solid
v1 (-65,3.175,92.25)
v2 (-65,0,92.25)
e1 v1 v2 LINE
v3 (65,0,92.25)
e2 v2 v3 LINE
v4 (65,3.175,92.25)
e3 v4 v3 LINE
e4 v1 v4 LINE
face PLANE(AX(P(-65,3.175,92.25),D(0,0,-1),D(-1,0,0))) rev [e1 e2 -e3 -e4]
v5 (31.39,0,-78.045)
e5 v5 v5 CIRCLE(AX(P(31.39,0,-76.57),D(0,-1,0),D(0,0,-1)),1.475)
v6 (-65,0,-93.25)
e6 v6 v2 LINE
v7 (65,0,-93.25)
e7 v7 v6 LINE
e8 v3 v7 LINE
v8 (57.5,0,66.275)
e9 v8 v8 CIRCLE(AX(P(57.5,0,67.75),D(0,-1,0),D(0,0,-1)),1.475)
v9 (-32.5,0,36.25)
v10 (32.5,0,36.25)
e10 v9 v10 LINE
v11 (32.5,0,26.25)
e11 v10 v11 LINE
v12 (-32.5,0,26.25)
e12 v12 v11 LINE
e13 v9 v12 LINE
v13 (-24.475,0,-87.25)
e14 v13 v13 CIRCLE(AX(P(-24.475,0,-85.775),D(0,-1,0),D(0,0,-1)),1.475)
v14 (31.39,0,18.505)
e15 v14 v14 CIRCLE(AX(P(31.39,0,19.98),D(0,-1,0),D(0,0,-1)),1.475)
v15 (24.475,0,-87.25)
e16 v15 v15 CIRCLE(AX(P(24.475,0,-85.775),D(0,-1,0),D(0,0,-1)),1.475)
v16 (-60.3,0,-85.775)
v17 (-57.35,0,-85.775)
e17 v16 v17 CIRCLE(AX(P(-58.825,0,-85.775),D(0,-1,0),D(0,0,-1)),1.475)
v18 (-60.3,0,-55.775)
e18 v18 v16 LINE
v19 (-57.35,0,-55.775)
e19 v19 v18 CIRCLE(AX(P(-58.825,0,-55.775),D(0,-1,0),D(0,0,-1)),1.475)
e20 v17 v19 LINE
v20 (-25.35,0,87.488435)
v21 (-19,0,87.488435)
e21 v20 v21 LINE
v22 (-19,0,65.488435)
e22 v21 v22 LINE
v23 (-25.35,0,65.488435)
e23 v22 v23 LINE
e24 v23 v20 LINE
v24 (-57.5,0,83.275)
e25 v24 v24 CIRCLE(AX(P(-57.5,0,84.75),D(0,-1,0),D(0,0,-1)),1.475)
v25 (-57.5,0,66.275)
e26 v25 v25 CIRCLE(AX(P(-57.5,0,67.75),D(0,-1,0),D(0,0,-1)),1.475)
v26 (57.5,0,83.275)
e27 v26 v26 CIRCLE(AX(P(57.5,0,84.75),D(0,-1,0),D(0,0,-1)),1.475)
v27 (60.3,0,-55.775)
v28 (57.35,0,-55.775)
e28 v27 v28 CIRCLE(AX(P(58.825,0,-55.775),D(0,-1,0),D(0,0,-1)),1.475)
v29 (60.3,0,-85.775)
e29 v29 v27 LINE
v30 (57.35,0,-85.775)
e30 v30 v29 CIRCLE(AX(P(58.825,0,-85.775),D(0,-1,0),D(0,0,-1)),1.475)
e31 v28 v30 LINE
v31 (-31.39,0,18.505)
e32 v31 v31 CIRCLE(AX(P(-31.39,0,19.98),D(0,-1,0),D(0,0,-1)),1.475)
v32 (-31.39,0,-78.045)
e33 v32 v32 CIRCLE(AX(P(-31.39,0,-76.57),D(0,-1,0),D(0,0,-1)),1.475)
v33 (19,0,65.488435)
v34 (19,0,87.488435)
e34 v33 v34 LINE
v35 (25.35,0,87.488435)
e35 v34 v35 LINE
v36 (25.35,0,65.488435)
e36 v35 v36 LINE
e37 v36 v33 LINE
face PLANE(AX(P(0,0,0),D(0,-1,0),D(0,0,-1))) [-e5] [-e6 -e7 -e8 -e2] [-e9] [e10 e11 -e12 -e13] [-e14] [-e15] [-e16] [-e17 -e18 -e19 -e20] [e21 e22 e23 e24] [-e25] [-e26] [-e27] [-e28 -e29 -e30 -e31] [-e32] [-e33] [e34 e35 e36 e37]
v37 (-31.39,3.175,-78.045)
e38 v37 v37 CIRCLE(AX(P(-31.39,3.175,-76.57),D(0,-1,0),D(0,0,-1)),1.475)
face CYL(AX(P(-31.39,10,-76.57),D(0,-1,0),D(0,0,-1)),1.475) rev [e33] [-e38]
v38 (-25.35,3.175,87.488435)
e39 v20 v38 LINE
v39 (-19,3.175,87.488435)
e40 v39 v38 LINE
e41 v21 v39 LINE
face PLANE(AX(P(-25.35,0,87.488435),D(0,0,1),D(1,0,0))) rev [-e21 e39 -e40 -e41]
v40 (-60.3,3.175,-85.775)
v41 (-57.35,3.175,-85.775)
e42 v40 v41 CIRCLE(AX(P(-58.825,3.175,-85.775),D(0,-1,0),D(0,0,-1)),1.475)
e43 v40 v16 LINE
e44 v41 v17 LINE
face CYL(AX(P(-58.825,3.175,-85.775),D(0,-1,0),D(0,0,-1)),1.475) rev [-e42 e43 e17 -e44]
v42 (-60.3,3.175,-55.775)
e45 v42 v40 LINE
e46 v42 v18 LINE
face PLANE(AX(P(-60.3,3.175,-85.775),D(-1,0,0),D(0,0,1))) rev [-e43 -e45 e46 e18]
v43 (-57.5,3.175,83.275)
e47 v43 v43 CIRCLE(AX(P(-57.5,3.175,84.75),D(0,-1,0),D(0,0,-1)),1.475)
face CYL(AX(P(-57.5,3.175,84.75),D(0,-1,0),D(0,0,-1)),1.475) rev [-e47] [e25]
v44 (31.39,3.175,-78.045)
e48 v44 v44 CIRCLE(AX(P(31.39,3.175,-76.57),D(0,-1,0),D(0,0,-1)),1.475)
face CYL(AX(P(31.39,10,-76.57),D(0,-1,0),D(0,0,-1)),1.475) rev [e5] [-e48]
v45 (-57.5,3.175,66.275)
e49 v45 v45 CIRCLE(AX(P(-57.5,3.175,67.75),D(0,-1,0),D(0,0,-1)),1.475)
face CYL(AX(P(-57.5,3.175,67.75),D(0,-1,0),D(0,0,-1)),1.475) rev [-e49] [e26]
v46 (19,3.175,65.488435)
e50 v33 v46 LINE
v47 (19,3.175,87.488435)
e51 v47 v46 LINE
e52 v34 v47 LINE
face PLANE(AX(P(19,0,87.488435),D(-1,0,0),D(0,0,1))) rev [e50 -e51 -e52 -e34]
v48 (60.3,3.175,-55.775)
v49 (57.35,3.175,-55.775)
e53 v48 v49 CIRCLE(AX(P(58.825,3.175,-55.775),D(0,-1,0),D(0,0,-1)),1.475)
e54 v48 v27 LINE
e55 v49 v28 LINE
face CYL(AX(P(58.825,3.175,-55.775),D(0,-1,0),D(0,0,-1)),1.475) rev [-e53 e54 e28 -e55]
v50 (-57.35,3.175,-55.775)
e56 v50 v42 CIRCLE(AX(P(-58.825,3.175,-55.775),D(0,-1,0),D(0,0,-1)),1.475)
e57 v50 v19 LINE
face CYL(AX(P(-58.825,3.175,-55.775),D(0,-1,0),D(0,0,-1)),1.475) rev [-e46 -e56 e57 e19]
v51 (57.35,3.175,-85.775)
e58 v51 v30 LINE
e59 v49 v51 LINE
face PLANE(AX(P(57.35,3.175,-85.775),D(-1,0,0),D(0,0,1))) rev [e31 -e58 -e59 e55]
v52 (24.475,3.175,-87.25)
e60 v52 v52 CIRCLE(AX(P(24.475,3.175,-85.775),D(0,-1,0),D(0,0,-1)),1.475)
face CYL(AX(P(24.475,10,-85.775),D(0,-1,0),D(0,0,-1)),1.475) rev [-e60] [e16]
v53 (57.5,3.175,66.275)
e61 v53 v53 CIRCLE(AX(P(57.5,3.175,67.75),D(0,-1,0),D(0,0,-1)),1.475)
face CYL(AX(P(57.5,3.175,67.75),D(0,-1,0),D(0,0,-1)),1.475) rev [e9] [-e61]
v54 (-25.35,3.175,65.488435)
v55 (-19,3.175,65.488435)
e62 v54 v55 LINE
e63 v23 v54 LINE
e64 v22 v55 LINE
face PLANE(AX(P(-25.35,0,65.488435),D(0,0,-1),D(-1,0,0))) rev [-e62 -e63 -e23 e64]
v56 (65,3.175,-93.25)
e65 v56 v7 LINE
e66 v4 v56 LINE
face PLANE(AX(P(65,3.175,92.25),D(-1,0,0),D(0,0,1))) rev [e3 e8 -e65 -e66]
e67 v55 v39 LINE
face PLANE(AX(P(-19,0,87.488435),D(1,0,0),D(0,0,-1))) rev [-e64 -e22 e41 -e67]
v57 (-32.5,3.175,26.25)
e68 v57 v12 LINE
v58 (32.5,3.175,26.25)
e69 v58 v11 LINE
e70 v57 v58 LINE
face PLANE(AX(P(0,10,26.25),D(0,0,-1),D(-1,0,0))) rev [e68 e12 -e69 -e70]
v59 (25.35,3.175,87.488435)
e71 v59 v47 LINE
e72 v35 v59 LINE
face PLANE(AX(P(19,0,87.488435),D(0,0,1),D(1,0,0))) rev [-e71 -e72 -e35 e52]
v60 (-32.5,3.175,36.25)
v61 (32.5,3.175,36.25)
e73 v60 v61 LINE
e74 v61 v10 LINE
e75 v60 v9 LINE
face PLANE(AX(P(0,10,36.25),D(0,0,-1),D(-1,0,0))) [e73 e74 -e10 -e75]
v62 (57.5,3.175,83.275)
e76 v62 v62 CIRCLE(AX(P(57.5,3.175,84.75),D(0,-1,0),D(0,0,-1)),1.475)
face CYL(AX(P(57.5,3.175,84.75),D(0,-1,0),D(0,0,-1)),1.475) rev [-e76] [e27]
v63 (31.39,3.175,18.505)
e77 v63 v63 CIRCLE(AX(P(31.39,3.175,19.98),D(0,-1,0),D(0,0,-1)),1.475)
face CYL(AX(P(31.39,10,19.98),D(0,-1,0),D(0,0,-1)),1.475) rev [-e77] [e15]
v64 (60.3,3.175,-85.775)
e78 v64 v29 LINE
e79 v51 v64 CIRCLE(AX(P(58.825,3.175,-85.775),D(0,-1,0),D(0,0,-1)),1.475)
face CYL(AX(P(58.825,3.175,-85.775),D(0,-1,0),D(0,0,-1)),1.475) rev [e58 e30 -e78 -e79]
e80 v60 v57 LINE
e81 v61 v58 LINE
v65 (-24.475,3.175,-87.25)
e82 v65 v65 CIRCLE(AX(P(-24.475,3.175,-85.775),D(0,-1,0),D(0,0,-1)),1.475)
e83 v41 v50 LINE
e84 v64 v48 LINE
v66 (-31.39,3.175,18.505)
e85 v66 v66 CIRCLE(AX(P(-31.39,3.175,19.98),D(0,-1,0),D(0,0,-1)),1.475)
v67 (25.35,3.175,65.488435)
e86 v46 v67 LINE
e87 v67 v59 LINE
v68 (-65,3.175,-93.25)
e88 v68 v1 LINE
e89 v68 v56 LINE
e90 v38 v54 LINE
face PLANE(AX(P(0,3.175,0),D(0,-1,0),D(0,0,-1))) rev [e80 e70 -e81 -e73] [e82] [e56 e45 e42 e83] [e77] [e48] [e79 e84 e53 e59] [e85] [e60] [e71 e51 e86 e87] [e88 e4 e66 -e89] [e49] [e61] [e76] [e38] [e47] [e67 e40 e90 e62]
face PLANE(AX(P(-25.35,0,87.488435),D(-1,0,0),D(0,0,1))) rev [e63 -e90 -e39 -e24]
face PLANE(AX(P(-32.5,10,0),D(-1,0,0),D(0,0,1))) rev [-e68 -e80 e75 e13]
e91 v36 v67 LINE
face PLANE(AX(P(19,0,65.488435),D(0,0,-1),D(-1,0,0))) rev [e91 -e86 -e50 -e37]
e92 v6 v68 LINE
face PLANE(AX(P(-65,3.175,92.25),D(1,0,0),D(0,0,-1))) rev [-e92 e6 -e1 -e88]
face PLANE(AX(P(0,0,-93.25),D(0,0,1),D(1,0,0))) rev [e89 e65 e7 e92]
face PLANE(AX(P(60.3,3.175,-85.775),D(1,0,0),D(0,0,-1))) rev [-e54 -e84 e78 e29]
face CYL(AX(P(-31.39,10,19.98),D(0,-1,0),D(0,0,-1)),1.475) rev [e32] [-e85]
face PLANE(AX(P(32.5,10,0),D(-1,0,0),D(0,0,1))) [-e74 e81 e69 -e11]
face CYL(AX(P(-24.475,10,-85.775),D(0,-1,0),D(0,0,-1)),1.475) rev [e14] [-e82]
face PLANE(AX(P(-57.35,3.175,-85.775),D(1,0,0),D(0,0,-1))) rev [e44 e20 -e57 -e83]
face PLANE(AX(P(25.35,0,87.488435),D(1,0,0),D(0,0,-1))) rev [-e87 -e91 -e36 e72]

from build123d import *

# Parameters (mm, degrees)
SKETCH1_W               = 130
SKETCH1_H               = 184.5
BOSS_EXTRUDE1_DEPTH     = 3.175
SKETCH4_R               = 1.475
CUT_EXTRUDE3_DEPTH      = 113.894389254
SKETCH5_R               = 1.475
CUT_EXTRUDE4_DEPTH      = 10
SKETCH6_W               = 130
SKETCH6_H               = 3.175
BOSS_EXTRUDE2_DEPTH     = 1
CUT_EXTRUDE5_DEPTH      = 114.712985736
CUT_EXTRUDE5_DEPTH_BACK = 114.712985736
SKETCH7_W               = 6.35
SKETCH7_H               = 22
SKETCH8_W               = 65
SKETCH8_H               = 10
CUT_EXTRUDE6_DEPTH      = 10
SKETCH9_R               = 1.475
CUT_EXTRUDE7_DEPTH      = 75
SKETCH10_W              = 78.139021678
SKETCH10_H              = 97.798202291
BOSS_EXTRUDE3_DEPTH     = 3.175
SKETCH11_R              = 1.475
CUT_EXTRUDE8_DEPTH      = 10


with BuildPart() as part:
    # Sketch1 → Boss-Extrude1 (new body)
    with BuildSketch(Plane(origin=(0, 0, 0), x_dir=(1, 0, 0), z_dir=(0, 1, 0))):
        Rectangle(SKETCH1_W, SKETCH1_H)
    extrude(amount=BOSS_EXTRUDE1_DEPTH)

    # Sketch4 → Cut-Extrude3 (cut, through all)
    with BuildSketch(Plane(origin=(0, 0, 0), x_dir=(-1, 0, 0), z_dir=(0, -1, 0))):
        with Locations(Location((-57.5, -84.75, 0), (0, 0, 90))):
            Circle(SKETCH4_R)
        with Locations(Location((-57.5, -67.75, 0), (0, 0, 90))):
            Circle(SKETCH4_R)
        with Locations(Location((57.5, -84.75, 0), (0, 0, 90))):
            Circle(SKETCH4_R)
        with Locations(Location((57.5, -67.75, 0), (0, 0, 90))):
            Circle(SKETCH4_R)
        with BuildLine():
            Line((-57.35, 85.775), (-57.35, 55.775))
            ThreePointArc((-57.35, 55.775), (-58.825, 54.3), (-60.3, 55.775))
            Line((-60.3, 55.775), (-60.3, 85.775))
            ThreePointArc((-60.3, 85.775), (-58.825, 87.25), (-57.35, 85.775))
        make_face()
        with BuildLine():
            Line((60.3, 85.775), (60.3, 55.775))
            ThreePointArc((60.3, 55.775), (58.825, 54.3), (57.35, 55.775))
            Line((57.35, 55.775), (57.35, 85.775))
            ThreePointArc((57.35, 85.775), (58.825, 87.25), (60.3, 85.775))
        make_face()
    extrude(amount=-CUT_EXTRUDE3_DEPTH, mode=Mode.SUBTRACT)

    # Sketch5 → Cut-Extrude4 (cut)
    with BuildSketch(Plane.XZ):
        with Locations(Location((-24.475, -85.775, 0), (0, 0, 270))):
            Circle(SKETCH5_R)
        with Locations(Location((24.475, -85.775, 0), (0, 0, 270))):
            Circle(SKETCH5_R)
    extrude(amount=-CUT_EXTRUDE4_DEPTH, mode=Mode.SUBTRACT)

    # Sketch6 → Boss-Extrude2 (add)
    with BuildSketch(Plane(origin=(0, 0, -92.25), x_dir=(-1, 0, 0), z_dir=(0, 0, -1))):
        with Locations((0, 1.5875)):
            Rectangle(SKETCH6_W, SKETCH6_H)
    extrude(amount=BOSS_EXTRUDE2_DEPTH)

    # Sketch7 → Cut-Extrude5 (cut, two sides: drawn at the far end of the back side and taken through both)
    with BuildSketch(Plane(origin=(0, 3.175, 0), x_dir=(1, 0, 0), z_dir=(0, 1, 0)).offset(-CUT_EXTRUDE5_DEPTH_BACK)):
        with Locations((-22.175, -76.48843537)):
            Rectangle(SKETCH7_W, SKETCH7_H)
        with Locations((22.175, -76.48843537)):
            Rectangle(SKETCH7_W, SKETCH7_H)
    extrude(amount=CUT_EXTRUDE5_DEPTH + CUT_EXTRUDE5_DEPTH_BACK, mode=Mode.SUBTRACT)

    # Sketch8 → Cut-Extrude6 (cut)
    with BuildSketch(Plane.XZ):
        with Locations((0, 31.25)):
            Rectangle(SKETCH8_W, SKETCH8_H)
    extrude(amount=-CUT_EXTRUDE6_DEPTH, mode=Mode.SUBTRACT)

    # Sketch9 → Cut-Extrude7 (cut)
    with BuildSketch(Plane(origin=(0, 0, 0), x_dir=(-1, 0, 0), z_dir=(0, -1, 0))):
        with BuildLine():
            ThreePointArc((-28.525, -12.75), (-28.957017498, -11.707017498), (-30, -11.275))
            Line((-30, -11.275), (-30, -12.75))
            Line((-30, -12.75), (-28.525, -12.75))
        make_face()
        with BuildLine():
            Line((-30, -12.75), (-30, -11.275))
            ThreePointArc((-30, -11.275), (-31.042982502, -13.792982502), (-28.525, -12.75))
            Line((-28.525, -12.75), (-30, -12.75))
        make_face()
        with BuildLine():
            ThreePointArc((-30, 73.775), (-28.957017498, 74.207017498), (-28.525, 75.25))
            Line((-28.525, 75.25), (-30, 75.25))
            Line((-30, 75.25), (-30, 73.775))
        make_face()
        with BuildLine():
            Line((-30, 75.25), (-28.525, 75.25))
            ThreePointArc((-28.525, 75.25), (-31.042982502, 76.292982502), (-30, 73.775))
            Line((-30, 73.775), (-30, 75.25))
        make_face()
        with Locations(Location((30, -12.75, 0), (0, 0, 90))):
            Circle(SKETCH9_R)
        with Locations(Location((30, 75.25, 0), (0, 0, 90))):
            Circle(SKETCH9_R)
    extrude(amount=-CUT_EXTRUDE7_DEPTH, mode=Mode.SUBTRACT)

    # Sketch10 → Boss-Extrude3 (add)
    with BuildSketch(Plane(origin=(0, 0, 0), x_dir=(-1, 0, 0), z_dir=(0, -1, 0))):
        with Locations((-1.9908031, 30.735322083)):
            Rectangle(SKETCH10_W, SKETCH10_H)
    extrude(amount=-BOSS_EXTRUDE3_DEPTH)

    # Sketch11 → Cut-Extrude8 (cut)
    with BuildSketch(Plane(origin=(0, 0, 0), x_dir=(-1, 0, 0), z_dir=(0, -1, 0))):
        with Locations(Location((31.39, -19.98, 0), (0, 0, 90))):
            Circle(SKETCH11_R)
        with Locations(Location((31.39, 76.57, 0), (0, 0, 90))):
            Circle(SKETCH11_R)
        with Locations(Location((-31.39, -19.98, 0), (0, 0, 90))):
            Circle(SKETCH11_R)
        with Locations(Location((-31.39, 76.57, 0), (0, 0, 90))):
            Circle(SKETCH11_R)
    extrude(amount=-CUT_EXTRUDE8_DEPTH, mode=Mode.SUBTRACT)


solid = part.part
